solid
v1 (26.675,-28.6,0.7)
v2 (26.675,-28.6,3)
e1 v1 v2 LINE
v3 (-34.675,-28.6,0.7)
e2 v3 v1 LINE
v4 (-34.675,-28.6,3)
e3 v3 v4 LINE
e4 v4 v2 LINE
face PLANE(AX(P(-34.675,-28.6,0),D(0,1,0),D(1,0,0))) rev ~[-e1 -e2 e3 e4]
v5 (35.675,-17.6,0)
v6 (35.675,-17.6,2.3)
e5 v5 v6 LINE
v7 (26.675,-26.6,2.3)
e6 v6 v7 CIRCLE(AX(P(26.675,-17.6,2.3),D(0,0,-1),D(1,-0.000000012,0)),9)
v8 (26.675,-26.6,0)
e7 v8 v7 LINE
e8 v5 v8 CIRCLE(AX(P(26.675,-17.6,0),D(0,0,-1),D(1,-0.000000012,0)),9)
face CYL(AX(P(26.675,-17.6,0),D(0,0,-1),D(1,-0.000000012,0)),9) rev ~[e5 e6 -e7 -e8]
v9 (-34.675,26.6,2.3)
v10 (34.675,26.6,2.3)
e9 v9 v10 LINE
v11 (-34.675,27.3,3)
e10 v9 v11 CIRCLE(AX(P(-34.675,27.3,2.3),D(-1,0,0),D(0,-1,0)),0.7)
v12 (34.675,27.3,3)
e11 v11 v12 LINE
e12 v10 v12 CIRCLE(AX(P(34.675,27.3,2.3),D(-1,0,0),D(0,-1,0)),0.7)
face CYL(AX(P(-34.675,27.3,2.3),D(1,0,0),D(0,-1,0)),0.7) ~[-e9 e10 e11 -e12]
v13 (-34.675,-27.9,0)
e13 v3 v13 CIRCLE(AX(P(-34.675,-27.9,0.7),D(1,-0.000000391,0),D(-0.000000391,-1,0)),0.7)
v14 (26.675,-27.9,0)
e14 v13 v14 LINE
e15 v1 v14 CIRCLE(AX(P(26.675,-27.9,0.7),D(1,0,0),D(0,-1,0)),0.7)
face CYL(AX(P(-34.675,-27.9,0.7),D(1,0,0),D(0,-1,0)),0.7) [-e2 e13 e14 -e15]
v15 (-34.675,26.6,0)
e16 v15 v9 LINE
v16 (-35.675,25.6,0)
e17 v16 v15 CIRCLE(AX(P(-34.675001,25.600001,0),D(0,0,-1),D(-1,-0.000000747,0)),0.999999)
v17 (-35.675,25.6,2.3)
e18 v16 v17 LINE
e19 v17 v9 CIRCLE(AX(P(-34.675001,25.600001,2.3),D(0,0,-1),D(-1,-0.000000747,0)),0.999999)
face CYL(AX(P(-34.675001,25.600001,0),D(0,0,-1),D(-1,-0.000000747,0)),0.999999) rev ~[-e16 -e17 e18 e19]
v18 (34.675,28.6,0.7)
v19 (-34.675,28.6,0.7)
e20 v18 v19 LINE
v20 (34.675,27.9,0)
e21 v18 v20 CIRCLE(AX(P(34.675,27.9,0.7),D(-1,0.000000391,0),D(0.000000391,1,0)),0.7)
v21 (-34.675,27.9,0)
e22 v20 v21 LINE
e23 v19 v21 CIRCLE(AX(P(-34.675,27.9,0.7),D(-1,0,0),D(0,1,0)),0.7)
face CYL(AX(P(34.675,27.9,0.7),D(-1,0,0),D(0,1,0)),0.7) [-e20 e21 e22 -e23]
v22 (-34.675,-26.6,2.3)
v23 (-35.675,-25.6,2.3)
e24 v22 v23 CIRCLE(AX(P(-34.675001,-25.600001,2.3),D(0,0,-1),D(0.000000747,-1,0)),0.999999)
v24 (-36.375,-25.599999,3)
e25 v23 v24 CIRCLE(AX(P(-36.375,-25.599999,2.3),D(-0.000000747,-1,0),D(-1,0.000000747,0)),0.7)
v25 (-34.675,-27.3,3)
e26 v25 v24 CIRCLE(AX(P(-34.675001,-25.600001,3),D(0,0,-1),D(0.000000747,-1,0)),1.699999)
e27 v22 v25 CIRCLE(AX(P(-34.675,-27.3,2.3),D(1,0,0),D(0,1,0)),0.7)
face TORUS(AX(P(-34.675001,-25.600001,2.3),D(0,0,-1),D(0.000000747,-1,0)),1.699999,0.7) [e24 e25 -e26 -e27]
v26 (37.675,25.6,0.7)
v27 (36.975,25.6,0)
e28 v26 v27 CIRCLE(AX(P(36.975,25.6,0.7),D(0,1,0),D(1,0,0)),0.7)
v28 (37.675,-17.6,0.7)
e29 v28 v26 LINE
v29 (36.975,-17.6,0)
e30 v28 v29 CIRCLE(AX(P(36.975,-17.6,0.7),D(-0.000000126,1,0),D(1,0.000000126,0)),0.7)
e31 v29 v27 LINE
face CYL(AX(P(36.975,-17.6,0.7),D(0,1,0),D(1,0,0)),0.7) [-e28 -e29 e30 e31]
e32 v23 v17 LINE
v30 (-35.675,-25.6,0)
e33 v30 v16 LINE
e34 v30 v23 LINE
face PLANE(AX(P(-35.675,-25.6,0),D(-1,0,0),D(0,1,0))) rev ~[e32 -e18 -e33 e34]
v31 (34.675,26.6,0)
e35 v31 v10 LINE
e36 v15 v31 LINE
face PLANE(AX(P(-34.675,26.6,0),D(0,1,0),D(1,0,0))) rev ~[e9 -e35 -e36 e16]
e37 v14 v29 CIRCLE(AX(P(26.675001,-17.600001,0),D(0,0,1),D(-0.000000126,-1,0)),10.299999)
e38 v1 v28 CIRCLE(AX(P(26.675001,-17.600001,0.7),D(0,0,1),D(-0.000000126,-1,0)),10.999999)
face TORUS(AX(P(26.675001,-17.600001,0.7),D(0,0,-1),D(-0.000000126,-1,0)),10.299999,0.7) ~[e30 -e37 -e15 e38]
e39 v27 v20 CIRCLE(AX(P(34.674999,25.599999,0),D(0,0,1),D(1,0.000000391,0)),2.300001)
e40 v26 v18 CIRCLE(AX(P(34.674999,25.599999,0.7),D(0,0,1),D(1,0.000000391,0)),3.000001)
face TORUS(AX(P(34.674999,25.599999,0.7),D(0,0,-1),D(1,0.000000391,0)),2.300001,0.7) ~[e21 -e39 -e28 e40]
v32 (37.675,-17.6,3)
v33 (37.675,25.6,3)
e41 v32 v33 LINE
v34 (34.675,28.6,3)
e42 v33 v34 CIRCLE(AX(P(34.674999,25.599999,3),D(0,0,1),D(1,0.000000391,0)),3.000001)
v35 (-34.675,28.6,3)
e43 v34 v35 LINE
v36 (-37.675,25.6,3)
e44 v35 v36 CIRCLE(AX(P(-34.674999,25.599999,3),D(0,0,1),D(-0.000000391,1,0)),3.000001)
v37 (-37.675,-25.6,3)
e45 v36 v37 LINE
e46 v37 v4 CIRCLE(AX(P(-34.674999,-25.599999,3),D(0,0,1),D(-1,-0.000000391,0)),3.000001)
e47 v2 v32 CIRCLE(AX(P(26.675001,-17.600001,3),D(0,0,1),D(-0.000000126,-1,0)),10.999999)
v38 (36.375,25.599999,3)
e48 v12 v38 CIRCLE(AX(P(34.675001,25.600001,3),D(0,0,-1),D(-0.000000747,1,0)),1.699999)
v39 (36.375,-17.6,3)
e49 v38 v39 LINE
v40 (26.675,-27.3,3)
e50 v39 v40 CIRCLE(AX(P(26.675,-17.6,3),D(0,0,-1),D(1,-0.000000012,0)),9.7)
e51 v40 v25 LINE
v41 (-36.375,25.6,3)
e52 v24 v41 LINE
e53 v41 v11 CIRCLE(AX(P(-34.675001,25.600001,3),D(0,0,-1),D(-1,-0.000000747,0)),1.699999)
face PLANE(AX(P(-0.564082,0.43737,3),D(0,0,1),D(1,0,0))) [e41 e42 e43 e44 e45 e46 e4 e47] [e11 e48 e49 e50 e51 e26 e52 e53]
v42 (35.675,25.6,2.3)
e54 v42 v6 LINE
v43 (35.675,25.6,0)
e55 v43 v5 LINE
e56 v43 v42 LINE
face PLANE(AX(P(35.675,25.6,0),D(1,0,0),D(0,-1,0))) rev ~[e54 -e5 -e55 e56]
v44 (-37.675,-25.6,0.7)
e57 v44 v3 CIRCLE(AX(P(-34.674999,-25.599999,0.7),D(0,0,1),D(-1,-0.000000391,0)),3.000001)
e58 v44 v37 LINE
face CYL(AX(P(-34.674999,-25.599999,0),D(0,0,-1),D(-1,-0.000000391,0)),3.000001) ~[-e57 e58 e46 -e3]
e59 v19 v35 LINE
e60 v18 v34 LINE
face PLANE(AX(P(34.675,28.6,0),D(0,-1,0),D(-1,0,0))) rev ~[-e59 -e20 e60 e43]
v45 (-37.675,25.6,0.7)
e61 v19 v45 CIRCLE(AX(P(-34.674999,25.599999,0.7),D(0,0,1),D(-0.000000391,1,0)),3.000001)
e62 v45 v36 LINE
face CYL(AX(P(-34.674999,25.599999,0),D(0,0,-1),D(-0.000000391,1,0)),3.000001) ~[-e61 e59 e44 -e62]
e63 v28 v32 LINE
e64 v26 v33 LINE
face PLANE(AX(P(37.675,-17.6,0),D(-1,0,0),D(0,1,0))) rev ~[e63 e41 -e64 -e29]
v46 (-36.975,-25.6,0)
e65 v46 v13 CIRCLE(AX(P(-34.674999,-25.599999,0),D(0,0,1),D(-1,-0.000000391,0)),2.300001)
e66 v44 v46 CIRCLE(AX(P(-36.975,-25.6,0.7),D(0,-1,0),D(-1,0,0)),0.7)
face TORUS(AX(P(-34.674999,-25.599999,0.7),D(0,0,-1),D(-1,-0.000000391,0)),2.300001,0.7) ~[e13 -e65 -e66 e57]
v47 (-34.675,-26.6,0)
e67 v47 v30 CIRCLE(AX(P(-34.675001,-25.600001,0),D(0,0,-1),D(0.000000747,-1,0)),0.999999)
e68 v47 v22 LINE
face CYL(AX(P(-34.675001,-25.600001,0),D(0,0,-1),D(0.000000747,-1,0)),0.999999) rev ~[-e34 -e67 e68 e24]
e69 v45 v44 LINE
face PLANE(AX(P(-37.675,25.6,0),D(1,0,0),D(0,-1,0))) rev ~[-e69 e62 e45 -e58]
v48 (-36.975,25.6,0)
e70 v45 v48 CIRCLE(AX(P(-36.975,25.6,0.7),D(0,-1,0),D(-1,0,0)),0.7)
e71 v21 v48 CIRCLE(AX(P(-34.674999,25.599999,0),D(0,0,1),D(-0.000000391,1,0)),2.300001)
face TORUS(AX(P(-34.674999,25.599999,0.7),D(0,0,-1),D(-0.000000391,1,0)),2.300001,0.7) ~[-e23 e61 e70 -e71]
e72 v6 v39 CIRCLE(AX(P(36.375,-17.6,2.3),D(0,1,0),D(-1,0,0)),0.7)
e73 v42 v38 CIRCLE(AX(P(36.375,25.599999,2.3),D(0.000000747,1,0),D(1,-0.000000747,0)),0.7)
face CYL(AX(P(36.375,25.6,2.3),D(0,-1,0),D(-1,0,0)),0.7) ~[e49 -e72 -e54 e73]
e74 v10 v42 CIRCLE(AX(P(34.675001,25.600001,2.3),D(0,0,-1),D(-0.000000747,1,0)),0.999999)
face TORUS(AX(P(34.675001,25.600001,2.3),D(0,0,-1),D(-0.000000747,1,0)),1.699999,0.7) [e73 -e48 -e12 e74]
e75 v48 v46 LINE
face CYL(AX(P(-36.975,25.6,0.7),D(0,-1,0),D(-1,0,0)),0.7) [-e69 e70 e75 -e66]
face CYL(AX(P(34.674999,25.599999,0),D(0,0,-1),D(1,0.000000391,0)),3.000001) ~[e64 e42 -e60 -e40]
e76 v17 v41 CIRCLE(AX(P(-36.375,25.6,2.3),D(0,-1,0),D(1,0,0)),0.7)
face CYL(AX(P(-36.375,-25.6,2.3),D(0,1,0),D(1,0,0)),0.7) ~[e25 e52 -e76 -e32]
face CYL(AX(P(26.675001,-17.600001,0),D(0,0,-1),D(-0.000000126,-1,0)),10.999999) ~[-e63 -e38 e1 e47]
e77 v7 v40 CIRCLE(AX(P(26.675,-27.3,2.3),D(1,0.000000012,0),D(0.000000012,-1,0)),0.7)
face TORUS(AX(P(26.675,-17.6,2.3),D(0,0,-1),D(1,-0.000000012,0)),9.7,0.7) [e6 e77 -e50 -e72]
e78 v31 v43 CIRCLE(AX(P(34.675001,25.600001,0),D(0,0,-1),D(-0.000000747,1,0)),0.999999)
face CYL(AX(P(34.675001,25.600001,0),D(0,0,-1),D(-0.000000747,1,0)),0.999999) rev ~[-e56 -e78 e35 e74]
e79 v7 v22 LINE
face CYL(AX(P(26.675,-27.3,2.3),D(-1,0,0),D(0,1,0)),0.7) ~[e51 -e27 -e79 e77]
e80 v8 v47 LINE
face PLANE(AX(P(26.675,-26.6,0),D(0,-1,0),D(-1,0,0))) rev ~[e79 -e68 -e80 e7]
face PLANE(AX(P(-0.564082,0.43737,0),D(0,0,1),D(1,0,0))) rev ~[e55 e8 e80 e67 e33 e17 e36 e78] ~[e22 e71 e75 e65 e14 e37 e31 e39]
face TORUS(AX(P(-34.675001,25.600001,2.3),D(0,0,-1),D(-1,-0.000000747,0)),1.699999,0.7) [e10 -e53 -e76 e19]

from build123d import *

# Parameters (mm, degrees)
F1_DEPTH = 3
F2_R     = 0.7


with BuildPart() as f1:
    # F0 (on Top) → F1 (new body)
    with BuildSketch(Plane.XY):
        with BuildLine():
            ThreePointArc((37.675, 25.6), (36.79632, 27.72132), (34.675, 28.6))
            Line((34.675, 28.6), (-34.675, 28.6))
            ThreePointArc((-34.675, 28.6), (-36.79632, 27.72132), (-37.675, 25.6))
            Line((-37.675, 25.6), (-37.675, -25.6))
            ThreePointArc((-37.675, -25.6), (-36.79632, -27.72132), (-34.675, -28.6))
            Line((-34.675, -28.6), (26.675, -28.6))
            ThreePointArc((26.675, -28.6), (34.453175, -25.378175), (37.675, -17.6))
            Line((37.675, -17.6), (37.675, 25.6))
        make_face()
        with BuildLine():
            ThreePointArc((34.675, 26.6), (35.382107, 26.307107), (35.675, 25.6))
            Line((35.675, 25.6), (35.675, -17.6))
            ThreePointArc((35.675, -17.6), (33.038961, -23.963961), (26.675, -26.6))
            Line((26.675, -26.6), (-34.675, -26.6))
            ThreePointArc((-34.675, -26.6), (-35.382107, -26.307107), (-35.675, -25.6))
            Line((-35.675, -25.6), (-35.675, 25.6))
            ThreePointArc((-35.675, 25.6), (-35.382107, 26.307107), (-34.675, 26.6))
            Line((-34.675, 26.6), (34.675, 26.6))
        make_face(mode=Mode.SUBTRACT)
    extrude(amount=F1_DEPTH)

    # F2
    f2_edges = [f1.edges().sort_by_distance(p)[0] for p in [
        (-37.675, 0, 0),
        (0, 26.6, 3),
        (-35.675, 0, 3),
        (35.675, 4, 3),
    ]]
    fillet(f2_edges, radius=F2_R)


solid = f1.part
